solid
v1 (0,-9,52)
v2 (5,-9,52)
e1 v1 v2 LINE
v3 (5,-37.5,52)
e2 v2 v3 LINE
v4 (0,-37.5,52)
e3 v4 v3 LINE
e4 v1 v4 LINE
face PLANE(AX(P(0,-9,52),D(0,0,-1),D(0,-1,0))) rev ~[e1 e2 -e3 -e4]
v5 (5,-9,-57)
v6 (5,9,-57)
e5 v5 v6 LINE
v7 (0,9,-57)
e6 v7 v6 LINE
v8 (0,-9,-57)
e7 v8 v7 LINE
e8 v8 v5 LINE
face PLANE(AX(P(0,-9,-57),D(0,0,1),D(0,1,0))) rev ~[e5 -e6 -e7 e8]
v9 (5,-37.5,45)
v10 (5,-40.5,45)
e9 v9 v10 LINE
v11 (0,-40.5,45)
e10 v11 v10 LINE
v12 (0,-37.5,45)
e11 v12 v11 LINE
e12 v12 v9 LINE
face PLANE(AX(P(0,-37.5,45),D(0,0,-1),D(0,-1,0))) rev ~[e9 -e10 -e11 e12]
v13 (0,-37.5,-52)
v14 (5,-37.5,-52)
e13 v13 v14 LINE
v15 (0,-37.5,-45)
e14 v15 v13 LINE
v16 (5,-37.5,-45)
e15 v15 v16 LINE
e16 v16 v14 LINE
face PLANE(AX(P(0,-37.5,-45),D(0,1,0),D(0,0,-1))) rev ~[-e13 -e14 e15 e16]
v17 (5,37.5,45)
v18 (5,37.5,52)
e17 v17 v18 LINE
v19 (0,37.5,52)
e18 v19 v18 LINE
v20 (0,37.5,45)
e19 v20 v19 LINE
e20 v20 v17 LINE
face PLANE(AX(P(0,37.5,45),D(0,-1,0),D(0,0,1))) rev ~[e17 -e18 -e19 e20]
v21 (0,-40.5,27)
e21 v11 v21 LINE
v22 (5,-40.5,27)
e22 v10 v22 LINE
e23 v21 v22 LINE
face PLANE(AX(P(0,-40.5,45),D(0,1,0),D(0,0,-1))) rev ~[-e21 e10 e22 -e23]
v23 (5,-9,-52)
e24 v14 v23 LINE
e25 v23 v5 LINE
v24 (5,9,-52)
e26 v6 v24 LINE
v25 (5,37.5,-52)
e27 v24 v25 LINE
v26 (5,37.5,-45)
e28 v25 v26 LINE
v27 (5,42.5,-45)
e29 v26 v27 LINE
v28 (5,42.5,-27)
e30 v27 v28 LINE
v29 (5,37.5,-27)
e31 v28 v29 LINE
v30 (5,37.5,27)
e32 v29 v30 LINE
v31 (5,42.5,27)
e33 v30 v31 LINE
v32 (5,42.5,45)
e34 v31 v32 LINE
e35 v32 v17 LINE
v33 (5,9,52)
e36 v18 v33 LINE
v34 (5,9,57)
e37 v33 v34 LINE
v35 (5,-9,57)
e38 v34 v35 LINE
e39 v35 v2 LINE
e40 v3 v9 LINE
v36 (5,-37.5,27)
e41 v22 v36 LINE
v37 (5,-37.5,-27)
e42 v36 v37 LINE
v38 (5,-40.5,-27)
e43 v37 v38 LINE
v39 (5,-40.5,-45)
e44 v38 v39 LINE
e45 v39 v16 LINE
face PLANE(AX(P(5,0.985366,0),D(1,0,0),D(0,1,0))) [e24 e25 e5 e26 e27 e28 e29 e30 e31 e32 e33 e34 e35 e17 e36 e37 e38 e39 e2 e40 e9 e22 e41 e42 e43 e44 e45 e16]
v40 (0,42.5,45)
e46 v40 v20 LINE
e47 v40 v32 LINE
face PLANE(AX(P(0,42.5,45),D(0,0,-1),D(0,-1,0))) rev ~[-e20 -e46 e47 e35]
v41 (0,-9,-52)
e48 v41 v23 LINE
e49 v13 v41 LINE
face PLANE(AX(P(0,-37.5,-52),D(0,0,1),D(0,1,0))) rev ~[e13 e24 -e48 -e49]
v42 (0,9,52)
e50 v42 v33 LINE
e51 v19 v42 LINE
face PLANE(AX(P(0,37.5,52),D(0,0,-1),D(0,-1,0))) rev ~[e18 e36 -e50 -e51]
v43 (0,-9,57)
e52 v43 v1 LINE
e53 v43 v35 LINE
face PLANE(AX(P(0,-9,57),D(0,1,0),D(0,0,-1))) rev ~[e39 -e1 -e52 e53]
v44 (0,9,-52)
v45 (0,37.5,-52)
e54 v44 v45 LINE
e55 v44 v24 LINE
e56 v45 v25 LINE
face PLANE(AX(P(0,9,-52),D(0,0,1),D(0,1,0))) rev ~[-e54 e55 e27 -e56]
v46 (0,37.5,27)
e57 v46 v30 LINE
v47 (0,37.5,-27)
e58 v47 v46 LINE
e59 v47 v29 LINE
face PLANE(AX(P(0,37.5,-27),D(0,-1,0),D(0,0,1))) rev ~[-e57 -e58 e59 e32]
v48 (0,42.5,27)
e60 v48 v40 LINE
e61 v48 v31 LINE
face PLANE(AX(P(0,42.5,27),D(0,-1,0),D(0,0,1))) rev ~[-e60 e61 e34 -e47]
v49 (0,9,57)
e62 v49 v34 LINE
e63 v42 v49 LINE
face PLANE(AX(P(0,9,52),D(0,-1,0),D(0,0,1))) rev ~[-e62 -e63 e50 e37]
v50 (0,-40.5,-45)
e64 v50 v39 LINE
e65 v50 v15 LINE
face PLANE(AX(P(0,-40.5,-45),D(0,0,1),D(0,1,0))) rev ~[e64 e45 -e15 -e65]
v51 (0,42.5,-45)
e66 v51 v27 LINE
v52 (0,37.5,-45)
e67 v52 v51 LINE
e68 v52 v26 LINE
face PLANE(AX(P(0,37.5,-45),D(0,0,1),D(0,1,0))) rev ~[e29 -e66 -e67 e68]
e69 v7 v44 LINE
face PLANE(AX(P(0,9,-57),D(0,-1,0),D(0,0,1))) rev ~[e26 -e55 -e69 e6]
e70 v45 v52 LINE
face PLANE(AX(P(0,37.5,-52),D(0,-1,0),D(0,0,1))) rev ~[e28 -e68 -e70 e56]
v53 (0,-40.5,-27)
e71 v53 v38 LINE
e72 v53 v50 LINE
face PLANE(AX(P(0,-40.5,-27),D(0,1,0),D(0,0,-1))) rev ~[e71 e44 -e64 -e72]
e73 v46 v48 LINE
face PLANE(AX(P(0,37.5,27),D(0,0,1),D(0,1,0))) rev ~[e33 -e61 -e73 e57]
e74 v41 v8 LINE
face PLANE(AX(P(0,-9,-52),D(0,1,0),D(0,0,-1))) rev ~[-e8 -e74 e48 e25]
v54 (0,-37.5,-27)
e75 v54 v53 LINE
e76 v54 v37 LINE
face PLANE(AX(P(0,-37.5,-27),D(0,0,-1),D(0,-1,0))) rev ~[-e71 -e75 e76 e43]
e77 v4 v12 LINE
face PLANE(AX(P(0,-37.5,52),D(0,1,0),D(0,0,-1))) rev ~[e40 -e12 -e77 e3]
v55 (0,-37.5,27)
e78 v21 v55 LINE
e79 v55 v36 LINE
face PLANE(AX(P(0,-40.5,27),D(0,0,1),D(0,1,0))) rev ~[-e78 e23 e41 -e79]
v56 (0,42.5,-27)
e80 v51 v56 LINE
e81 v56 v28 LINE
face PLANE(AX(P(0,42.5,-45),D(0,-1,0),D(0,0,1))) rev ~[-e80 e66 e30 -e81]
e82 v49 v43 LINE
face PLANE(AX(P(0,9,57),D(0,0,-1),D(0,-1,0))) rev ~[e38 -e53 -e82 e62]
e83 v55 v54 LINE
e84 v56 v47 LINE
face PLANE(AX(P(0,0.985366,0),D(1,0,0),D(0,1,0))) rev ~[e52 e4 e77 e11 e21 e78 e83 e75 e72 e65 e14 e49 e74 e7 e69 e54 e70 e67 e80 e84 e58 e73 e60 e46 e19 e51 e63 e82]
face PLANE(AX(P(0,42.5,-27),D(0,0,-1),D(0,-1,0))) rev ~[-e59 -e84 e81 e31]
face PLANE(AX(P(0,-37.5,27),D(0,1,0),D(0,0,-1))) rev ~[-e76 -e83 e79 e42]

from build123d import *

# Parameters (mm, degrees)
F1_DEPTH = 5


with BuildPart() as f1:
    # F0 (on Right) → F1 (new body)
    with BuildSketch(Plane.YZ):
        Polygon((37.5, 45), (37.5, 52), (9, 52), (9, 57), (-9, 57), (-9, 52), (-37.5, 52), (-37.5, 45), (-40.5, 45), (-40.5, 27), (-37.5, 27), (-37.5, -27), (-40.5, -27), (-40.5, -45), (-37.5, -45), (-37.5, -52), (-9, -52), (-9, -57), (9, -57), (9, -52), (37.5, -52), (37.5, -45), (42.5, -45), (42.5, -27), (37.5, -27), (37.5, 27), (42.5, 27), (42.5, 45), align=None)
    extrude(amount=F1_DEPTH)


solid = f1.part
